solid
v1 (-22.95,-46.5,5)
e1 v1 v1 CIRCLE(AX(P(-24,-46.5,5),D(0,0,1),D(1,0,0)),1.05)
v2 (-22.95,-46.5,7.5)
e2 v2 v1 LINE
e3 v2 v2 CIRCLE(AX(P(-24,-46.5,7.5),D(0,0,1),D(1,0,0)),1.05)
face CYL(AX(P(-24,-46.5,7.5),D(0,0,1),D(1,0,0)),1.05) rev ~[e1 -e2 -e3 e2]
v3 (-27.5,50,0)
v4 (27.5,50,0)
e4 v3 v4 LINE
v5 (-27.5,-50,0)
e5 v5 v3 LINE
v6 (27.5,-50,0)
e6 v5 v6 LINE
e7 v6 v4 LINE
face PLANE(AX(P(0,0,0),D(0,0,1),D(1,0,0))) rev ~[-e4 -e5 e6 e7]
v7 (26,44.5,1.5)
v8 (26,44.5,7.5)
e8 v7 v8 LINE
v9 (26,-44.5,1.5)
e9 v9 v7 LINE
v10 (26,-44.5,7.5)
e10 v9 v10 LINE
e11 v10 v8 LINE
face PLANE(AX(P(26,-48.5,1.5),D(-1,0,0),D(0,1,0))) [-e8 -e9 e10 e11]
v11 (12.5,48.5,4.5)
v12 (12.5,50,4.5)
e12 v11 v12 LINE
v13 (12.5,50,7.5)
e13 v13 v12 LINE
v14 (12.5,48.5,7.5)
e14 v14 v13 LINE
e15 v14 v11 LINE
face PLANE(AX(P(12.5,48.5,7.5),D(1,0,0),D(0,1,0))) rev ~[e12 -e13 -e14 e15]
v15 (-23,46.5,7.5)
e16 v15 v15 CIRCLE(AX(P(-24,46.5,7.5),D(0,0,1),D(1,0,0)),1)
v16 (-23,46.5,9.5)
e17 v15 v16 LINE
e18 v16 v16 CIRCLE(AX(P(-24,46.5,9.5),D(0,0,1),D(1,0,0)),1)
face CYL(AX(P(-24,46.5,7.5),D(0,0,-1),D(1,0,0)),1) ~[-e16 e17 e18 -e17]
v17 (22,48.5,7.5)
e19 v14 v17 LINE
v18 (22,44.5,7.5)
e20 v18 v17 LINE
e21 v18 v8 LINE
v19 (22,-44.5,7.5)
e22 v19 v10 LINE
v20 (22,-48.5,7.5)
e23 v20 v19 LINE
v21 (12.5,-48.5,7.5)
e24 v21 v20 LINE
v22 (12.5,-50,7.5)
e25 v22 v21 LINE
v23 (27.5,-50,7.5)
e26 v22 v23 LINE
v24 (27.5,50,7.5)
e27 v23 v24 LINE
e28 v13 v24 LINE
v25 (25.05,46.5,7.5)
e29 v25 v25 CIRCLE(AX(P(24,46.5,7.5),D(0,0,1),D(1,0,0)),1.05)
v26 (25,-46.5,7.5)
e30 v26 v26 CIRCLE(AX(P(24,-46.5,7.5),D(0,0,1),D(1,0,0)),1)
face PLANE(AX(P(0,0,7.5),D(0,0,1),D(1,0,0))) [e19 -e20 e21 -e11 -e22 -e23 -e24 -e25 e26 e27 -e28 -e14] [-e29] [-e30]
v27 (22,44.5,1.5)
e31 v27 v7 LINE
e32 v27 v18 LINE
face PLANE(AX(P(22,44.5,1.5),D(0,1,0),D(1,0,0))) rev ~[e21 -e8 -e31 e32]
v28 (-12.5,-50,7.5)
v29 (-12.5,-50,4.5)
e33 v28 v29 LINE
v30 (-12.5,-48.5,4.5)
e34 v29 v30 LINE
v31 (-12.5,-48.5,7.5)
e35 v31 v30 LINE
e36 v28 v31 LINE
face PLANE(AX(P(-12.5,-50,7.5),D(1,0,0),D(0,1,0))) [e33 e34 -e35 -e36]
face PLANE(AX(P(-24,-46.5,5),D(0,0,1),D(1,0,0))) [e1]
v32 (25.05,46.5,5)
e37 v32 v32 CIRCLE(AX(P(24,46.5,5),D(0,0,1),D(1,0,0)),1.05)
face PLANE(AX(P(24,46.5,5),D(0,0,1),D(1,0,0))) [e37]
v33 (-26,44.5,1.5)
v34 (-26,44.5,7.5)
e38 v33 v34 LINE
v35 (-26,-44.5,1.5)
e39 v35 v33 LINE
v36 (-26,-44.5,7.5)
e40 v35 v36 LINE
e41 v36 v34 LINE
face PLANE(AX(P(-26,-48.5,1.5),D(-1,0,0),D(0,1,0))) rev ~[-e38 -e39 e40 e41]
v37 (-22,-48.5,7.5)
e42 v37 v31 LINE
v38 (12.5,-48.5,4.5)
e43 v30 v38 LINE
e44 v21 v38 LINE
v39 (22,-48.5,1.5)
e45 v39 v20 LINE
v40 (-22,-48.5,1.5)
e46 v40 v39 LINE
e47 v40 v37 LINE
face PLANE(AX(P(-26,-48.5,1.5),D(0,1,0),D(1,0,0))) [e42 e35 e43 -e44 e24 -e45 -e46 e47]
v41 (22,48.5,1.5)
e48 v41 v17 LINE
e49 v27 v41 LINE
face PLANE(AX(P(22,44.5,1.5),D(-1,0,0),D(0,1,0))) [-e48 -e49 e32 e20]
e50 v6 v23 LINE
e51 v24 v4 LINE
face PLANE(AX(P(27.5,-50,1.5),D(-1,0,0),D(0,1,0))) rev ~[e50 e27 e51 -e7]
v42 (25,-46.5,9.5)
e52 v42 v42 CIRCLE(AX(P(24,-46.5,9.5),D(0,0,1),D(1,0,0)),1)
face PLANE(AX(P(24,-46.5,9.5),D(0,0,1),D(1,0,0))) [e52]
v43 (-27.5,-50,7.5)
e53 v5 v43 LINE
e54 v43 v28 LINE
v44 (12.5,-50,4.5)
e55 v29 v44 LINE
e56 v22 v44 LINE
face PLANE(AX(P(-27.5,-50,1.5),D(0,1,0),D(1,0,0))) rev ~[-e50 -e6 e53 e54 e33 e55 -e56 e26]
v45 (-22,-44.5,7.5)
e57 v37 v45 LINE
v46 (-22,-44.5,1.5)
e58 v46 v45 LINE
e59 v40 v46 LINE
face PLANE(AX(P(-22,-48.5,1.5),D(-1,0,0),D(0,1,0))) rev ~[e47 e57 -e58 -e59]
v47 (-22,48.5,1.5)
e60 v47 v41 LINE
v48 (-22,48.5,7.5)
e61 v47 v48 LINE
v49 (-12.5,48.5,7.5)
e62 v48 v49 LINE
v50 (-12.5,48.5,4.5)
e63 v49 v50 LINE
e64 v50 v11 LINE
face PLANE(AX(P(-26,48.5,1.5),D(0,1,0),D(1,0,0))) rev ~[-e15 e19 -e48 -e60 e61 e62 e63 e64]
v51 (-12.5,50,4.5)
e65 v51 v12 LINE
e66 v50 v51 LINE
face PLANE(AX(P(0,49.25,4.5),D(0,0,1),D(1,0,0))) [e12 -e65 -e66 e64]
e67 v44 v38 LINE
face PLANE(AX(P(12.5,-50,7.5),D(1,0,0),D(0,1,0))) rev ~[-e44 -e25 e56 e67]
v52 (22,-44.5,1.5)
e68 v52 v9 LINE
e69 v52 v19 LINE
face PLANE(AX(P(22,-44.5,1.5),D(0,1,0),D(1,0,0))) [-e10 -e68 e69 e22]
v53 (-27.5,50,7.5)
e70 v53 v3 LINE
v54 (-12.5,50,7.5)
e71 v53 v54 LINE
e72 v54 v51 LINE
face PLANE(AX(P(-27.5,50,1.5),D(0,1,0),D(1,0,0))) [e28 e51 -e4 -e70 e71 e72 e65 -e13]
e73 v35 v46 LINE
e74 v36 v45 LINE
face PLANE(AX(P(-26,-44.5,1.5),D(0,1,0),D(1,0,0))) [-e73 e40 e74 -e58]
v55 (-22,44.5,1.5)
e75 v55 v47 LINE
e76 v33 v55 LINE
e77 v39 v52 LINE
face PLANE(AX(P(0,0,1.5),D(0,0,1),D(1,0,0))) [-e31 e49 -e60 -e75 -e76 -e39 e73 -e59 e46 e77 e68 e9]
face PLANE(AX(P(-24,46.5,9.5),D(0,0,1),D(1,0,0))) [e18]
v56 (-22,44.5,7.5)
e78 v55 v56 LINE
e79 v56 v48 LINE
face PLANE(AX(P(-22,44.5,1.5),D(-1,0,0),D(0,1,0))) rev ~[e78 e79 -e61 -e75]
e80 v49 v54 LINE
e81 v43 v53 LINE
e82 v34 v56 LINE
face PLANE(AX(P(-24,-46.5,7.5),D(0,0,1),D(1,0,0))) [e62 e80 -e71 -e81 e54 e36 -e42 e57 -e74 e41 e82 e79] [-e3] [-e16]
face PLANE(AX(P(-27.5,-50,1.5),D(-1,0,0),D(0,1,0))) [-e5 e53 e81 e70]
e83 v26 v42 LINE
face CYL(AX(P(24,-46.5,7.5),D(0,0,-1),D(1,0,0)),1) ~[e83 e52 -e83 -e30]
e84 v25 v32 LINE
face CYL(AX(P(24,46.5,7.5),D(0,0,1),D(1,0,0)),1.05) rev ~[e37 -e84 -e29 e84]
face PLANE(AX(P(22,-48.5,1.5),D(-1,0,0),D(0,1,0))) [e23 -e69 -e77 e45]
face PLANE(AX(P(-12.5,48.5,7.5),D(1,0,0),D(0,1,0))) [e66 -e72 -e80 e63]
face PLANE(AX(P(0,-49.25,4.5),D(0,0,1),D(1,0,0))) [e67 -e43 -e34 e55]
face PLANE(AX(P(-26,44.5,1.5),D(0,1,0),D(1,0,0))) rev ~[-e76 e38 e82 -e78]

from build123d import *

# Parameters (mm, degrees)
SKETCH_W        = 55
SKETCH_H        = 100
PAD_DEPTH       = 1.5
SKETCH001_W     = 55
SKETCH001_H     = 100
SKETCH001_W_2   = 52
SKETCH001_H_2   = 97
PAD001_DEPTH    = 6
SKETCH002_W     = 25
SKETCH002_H     = 1.5
POCKET_DEPTH    = 3
SKETCH003_W     = 4
SKETCH003_H     = 4
PAD002_DEPTH    = 6
SKETCH004_R     = 1
PAD003_DEPTH    = 2
SKETCH005_R     = 1
PAD004_DEPTH    = 2
SKETCH006_R     = 1.05
POCKET001_DEPTH = 2.5
SKETCH007_R     = 1.05
POCKET002_DEPTH = 2.5


with BuildPart() as part:
    # Sketch → Pad (new body)
    with BuildSketch(Plane.XY):
        Rectangle(SKETCH_W, SKETCH_H)
    extrude(amount=PAD_DEPTH)

    # Sketch001 (on Face6 of Pad) → Pad001 (join)
    with BuildSketch(Plane.XY.offset(1.5)):
        Rectangle(SKETCH001_W, SKETCH001_H)
        Rectangle(SKETCH001_W_2, SKETCH001_H_2, mode=Mode.SUBTRACT)
    extrude(amount=PAD001_DEPTH)

    # Sketch002 (on Face9 of Pad001) → Pocket (cut)
    with BuildSketch(Plane.XY.offset(7.5)):
        with Locations((0, 49.25)):
            Rectangle(SKETCH002_W, SKETCH002_H)
        with Locations((0, -49.25)):
            Rectangle(SKETCH002_W, SKETCH002_H)
    extrude(amount=-POCKET_DEPTH, mode=Mode.SUBTRACT)

    # Sketch003 (on Face22 of Pocket) → Pad002 (join)
    with BuildSketch(Plane.XY.offset(1.5)):
        with Locations((-24, -46.5)):
            Rectangle(SKETCH003_W, SKETCH003_H)
        with Locations((24, -46.5)):
            Rectangle(SKETCH003_W, SKETCH003_H)
        with Locations((24, 46.5)):
            Rectangle(SKETCH003_W, SKETCH003_H)
        with Locations((-24, 46.5)):
            Rectangle(SKETCH003_W, SKETCH003_H)
    extrude(amount=PAD002_DEPTH)

    # Sketch004 (on Face21 of Pad002) → Pad003 (join)
    with BuildSketch(Plane.XY.offset(7.5)):
        with Locations((-24, 46.5)):
            Circle(SKETCH004_R)
    extrude(amount=PAD003_DEPTH)

    # Sketch005 (on Face16 of Pad003) → Pad004 (join)
    with BuildSketch(Plane.XY.offset(7.5)):
        with Locations((24, -46.5)):
            Circle(SKETCH005_R)
    extrude(amount=PAD004_DEPTH)

    # Sketch006 (on Face18 of Pad004) → Pocket001 (cut)
    with BuildSketch(Plane.XY.offset(7.5)):
        with Locations((24, 46.5)):
            Circle(SKETCH006_R)
    extrude(amount=-POCKET001_DEPTH, mode=Mode.SUBTRACT)

    # Sketch007 (on Face22 of Pocket001) → Pocket002 (cut)
    with BuildSketch(Plane.XY.offset(7.5)):
        with Locations((-24, -46.5)):
            Circle(SKETCH007_R)
    extrude(amount=-POCKET002_DEPTH, mode=Mode.SUBTRACT)


solid = part.part
